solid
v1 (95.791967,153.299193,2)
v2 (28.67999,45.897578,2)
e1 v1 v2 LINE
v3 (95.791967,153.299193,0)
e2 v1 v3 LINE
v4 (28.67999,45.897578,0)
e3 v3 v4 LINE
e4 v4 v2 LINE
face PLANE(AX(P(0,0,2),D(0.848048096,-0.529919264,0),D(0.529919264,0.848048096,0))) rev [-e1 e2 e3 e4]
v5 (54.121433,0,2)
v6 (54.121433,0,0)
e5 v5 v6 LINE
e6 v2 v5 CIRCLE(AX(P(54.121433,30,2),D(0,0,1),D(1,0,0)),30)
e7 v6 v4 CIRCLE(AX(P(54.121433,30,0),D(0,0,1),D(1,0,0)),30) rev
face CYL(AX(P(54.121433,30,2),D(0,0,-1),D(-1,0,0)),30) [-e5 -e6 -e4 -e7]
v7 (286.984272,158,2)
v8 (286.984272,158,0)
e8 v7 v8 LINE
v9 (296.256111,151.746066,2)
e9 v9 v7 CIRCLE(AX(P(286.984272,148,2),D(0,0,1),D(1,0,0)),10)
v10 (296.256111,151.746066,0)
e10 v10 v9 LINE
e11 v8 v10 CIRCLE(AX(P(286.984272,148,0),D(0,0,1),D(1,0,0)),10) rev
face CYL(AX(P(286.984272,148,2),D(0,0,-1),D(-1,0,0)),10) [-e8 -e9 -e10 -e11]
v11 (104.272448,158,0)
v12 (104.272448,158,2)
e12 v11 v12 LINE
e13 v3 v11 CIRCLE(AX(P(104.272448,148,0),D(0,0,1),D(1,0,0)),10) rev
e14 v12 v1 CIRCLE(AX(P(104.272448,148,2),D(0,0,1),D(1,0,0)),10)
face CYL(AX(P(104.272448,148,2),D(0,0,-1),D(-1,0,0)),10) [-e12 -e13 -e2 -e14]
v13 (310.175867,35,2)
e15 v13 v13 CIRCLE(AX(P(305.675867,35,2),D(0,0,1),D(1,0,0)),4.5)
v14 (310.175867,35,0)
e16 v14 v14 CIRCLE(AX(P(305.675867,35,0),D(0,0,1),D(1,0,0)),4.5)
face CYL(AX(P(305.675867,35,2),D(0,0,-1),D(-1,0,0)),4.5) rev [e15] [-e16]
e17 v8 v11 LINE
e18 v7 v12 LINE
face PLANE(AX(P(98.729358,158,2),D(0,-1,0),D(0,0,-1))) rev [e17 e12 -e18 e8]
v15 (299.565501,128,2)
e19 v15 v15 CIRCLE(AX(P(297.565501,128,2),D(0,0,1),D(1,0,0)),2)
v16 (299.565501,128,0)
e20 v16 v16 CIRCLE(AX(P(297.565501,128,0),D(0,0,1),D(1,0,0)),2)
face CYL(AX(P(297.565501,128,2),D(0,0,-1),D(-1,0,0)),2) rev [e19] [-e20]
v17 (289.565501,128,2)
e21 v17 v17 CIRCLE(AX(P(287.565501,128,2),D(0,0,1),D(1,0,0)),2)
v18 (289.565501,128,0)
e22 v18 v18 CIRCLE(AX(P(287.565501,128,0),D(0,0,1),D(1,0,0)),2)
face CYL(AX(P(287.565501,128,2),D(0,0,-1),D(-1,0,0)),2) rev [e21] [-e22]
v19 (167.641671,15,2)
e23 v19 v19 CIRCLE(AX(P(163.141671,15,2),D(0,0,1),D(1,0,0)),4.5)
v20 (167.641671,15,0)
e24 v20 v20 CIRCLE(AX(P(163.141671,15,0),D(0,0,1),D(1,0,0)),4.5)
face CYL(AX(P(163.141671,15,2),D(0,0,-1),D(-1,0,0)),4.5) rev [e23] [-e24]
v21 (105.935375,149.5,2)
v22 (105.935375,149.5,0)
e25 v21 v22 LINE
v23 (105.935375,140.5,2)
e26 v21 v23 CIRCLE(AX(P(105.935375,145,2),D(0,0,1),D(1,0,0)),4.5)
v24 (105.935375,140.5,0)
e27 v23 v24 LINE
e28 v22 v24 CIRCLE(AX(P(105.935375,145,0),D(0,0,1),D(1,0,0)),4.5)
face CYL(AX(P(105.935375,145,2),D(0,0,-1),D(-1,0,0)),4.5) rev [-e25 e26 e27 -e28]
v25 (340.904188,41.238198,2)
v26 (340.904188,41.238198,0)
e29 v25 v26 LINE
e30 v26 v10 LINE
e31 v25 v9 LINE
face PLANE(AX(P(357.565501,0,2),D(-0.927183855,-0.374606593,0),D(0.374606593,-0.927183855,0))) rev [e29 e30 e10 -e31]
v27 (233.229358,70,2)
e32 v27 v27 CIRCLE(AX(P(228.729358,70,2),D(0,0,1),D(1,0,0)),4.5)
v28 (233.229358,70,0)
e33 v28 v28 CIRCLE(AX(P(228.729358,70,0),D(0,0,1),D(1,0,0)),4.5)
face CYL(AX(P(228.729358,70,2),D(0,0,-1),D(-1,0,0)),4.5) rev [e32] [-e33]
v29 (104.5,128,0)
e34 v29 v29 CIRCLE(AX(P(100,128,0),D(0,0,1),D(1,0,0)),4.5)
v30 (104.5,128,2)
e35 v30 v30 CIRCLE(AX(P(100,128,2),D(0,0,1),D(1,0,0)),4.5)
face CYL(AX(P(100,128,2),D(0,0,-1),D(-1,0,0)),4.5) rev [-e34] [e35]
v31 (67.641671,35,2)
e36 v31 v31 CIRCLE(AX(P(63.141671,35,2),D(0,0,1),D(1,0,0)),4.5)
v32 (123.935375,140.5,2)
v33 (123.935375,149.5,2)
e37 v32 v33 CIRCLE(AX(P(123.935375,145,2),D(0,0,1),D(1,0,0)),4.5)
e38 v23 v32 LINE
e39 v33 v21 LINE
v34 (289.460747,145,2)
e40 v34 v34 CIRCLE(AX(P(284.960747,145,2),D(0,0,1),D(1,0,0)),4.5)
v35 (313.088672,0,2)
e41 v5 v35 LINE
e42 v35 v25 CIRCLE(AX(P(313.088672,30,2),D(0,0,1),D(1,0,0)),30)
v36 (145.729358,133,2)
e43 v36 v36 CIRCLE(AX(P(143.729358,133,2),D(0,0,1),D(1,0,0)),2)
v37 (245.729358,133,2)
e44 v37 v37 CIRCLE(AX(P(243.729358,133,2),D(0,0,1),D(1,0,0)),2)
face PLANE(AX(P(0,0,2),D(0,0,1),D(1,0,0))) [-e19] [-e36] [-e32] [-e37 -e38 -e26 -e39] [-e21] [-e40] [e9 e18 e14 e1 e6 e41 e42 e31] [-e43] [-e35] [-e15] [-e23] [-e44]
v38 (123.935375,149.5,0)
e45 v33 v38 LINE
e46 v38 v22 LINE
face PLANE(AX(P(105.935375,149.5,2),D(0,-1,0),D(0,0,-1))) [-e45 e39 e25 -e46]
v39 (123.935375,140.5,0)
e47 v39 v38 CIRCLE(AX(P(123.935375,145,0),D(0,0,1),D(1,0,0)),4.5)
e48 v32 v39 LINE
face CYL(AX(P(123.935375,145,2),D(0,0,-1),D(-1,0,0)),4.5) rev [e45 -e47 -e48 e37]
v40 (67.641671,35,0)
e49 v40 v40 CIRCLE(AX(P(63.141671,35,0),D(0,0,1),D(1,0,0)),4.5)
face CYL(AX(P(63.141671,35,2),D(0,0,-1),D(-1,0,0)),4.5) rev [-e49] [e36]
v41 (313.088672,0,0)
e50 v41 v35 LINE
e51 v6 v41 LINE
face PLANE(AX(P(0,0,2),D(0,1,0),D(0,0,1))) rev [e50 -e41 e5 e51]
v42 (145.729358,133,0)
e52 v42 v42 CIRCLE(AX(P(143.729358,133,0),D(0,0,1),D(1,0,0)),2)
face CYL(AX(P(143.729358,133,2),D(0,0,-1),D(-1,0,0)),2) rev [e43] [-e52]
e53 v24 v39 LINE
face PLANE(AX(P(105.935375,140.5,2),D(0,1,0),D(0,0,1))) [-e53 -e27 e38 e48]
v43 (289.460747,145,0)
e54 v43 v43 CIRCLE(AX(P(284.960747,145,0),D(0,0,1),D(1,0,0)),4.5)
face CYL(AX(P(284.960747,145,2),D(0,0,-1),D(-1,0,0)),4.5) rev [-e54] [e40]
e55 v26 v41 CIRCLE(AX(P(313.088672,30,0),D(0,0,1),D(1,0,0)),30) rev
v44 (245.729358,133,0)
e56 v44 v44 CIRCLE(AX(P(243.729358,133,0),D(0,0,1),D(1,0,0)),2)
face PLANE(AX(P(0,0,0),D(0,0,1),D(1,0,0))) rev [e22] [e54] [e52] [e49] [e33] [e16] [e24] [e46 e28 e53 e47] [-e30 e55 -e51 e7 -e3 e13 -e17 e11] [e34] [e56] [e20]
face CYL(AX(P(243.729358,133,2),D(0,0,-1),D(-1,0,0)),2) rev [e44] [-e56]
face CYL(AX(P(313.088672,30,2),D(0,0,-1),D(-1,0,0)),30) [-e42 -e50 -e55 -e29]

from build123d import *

# Parameters (mm, degrees)
SKETCH1_R           = 4.5
SKETCH1_R_2         = 2
BOSS_EXTRUDE1_DEPTH = 2
FILLET1_R           = 30
FILLET2_R           = 10


with BuildPart() as part:
    # Sketch1 → Boss-Extrude1 (new body)
    with BuildSketch(Plane.XY):
        Polygon((0, 0), (98.729357602, 158), (293.729357602, 158), (357.565501284, 0), align=None)
        with Locations((284.960746883, 145)):
            Circle(SKETCH1_R, mode=Mode.SUBTRACT)
        with Locations((305.675867386, 35)):
            Circle(SKETCH1_R, mode=Mode.SUBTRACT)
        with Locations((63.141671434, 35)):
            Circle(SKETCH1_R, mode=Mode.SUBTRACT)
        with Locations((163.141671434, 15)):
            Circle(SKETCH1_R, mode=Mode.SUBTRACT)
        with Locations((228.729357602, 70)):
            Circle(SKETCH1_R, mode=Mode.SUBTRACT)
        with Locations((100, 128)):
            Circle(SKETCH1_R, mode=Mode.SUBTRACT)
        with Locations((243.729357602, 133)):
            Circle(SKETCH1_R_2, mode=Mode.SUBTRACT)
        with Locations((143.729357602, 133)):
            Circle(SKETCH1_R_2, mode=Mode.SUBTRACT)
        with Locations((297.565501284, 128)):
            Circle(SKETCH1_R_2, mode=Mode.SUBTRACT)
        with Locations((287.565501284, 128)):
            Circle(SKETCH1_R_2, mode=Mode.SUBTRACT)
        with BuildLine():
            Line((105.935375271, 149.5), (123.935375271, 149.5))
            ThreePointArc((123.935375271, 149.5), (128.435375271, 145), (123.935375271, 140.5))
            Line((123.935375271, 140.5), (105.935375271, 140.5))
            ThreePointArc((105.935375271, 140.5), (101.435375271, 145), (105.935375271, 149.5))
        make_face(mode=Mode.SUBTRACT)
    extrude(amount=BOSS_EXTRUDE1_DEPTH)

    # Fillet1
    fillet1_edges = [part.edges().sort_by_distance(p)[0] for p in [
        (0, 0, 1),
        (357.565501284, 0, 1),
    ]]
    fillet(fillet1_edges, radius=FILLET1_R)

    # Fillet2
    fillet2_edges = [part.edges().sort_by_distance(p)[0] for p in [
        (98.729357602, 158, 1),
        (293.729357602, 158, 1),
    ]]
    fillet(fillet2_edges, radius=FILLET2_R)


solid = part.part
